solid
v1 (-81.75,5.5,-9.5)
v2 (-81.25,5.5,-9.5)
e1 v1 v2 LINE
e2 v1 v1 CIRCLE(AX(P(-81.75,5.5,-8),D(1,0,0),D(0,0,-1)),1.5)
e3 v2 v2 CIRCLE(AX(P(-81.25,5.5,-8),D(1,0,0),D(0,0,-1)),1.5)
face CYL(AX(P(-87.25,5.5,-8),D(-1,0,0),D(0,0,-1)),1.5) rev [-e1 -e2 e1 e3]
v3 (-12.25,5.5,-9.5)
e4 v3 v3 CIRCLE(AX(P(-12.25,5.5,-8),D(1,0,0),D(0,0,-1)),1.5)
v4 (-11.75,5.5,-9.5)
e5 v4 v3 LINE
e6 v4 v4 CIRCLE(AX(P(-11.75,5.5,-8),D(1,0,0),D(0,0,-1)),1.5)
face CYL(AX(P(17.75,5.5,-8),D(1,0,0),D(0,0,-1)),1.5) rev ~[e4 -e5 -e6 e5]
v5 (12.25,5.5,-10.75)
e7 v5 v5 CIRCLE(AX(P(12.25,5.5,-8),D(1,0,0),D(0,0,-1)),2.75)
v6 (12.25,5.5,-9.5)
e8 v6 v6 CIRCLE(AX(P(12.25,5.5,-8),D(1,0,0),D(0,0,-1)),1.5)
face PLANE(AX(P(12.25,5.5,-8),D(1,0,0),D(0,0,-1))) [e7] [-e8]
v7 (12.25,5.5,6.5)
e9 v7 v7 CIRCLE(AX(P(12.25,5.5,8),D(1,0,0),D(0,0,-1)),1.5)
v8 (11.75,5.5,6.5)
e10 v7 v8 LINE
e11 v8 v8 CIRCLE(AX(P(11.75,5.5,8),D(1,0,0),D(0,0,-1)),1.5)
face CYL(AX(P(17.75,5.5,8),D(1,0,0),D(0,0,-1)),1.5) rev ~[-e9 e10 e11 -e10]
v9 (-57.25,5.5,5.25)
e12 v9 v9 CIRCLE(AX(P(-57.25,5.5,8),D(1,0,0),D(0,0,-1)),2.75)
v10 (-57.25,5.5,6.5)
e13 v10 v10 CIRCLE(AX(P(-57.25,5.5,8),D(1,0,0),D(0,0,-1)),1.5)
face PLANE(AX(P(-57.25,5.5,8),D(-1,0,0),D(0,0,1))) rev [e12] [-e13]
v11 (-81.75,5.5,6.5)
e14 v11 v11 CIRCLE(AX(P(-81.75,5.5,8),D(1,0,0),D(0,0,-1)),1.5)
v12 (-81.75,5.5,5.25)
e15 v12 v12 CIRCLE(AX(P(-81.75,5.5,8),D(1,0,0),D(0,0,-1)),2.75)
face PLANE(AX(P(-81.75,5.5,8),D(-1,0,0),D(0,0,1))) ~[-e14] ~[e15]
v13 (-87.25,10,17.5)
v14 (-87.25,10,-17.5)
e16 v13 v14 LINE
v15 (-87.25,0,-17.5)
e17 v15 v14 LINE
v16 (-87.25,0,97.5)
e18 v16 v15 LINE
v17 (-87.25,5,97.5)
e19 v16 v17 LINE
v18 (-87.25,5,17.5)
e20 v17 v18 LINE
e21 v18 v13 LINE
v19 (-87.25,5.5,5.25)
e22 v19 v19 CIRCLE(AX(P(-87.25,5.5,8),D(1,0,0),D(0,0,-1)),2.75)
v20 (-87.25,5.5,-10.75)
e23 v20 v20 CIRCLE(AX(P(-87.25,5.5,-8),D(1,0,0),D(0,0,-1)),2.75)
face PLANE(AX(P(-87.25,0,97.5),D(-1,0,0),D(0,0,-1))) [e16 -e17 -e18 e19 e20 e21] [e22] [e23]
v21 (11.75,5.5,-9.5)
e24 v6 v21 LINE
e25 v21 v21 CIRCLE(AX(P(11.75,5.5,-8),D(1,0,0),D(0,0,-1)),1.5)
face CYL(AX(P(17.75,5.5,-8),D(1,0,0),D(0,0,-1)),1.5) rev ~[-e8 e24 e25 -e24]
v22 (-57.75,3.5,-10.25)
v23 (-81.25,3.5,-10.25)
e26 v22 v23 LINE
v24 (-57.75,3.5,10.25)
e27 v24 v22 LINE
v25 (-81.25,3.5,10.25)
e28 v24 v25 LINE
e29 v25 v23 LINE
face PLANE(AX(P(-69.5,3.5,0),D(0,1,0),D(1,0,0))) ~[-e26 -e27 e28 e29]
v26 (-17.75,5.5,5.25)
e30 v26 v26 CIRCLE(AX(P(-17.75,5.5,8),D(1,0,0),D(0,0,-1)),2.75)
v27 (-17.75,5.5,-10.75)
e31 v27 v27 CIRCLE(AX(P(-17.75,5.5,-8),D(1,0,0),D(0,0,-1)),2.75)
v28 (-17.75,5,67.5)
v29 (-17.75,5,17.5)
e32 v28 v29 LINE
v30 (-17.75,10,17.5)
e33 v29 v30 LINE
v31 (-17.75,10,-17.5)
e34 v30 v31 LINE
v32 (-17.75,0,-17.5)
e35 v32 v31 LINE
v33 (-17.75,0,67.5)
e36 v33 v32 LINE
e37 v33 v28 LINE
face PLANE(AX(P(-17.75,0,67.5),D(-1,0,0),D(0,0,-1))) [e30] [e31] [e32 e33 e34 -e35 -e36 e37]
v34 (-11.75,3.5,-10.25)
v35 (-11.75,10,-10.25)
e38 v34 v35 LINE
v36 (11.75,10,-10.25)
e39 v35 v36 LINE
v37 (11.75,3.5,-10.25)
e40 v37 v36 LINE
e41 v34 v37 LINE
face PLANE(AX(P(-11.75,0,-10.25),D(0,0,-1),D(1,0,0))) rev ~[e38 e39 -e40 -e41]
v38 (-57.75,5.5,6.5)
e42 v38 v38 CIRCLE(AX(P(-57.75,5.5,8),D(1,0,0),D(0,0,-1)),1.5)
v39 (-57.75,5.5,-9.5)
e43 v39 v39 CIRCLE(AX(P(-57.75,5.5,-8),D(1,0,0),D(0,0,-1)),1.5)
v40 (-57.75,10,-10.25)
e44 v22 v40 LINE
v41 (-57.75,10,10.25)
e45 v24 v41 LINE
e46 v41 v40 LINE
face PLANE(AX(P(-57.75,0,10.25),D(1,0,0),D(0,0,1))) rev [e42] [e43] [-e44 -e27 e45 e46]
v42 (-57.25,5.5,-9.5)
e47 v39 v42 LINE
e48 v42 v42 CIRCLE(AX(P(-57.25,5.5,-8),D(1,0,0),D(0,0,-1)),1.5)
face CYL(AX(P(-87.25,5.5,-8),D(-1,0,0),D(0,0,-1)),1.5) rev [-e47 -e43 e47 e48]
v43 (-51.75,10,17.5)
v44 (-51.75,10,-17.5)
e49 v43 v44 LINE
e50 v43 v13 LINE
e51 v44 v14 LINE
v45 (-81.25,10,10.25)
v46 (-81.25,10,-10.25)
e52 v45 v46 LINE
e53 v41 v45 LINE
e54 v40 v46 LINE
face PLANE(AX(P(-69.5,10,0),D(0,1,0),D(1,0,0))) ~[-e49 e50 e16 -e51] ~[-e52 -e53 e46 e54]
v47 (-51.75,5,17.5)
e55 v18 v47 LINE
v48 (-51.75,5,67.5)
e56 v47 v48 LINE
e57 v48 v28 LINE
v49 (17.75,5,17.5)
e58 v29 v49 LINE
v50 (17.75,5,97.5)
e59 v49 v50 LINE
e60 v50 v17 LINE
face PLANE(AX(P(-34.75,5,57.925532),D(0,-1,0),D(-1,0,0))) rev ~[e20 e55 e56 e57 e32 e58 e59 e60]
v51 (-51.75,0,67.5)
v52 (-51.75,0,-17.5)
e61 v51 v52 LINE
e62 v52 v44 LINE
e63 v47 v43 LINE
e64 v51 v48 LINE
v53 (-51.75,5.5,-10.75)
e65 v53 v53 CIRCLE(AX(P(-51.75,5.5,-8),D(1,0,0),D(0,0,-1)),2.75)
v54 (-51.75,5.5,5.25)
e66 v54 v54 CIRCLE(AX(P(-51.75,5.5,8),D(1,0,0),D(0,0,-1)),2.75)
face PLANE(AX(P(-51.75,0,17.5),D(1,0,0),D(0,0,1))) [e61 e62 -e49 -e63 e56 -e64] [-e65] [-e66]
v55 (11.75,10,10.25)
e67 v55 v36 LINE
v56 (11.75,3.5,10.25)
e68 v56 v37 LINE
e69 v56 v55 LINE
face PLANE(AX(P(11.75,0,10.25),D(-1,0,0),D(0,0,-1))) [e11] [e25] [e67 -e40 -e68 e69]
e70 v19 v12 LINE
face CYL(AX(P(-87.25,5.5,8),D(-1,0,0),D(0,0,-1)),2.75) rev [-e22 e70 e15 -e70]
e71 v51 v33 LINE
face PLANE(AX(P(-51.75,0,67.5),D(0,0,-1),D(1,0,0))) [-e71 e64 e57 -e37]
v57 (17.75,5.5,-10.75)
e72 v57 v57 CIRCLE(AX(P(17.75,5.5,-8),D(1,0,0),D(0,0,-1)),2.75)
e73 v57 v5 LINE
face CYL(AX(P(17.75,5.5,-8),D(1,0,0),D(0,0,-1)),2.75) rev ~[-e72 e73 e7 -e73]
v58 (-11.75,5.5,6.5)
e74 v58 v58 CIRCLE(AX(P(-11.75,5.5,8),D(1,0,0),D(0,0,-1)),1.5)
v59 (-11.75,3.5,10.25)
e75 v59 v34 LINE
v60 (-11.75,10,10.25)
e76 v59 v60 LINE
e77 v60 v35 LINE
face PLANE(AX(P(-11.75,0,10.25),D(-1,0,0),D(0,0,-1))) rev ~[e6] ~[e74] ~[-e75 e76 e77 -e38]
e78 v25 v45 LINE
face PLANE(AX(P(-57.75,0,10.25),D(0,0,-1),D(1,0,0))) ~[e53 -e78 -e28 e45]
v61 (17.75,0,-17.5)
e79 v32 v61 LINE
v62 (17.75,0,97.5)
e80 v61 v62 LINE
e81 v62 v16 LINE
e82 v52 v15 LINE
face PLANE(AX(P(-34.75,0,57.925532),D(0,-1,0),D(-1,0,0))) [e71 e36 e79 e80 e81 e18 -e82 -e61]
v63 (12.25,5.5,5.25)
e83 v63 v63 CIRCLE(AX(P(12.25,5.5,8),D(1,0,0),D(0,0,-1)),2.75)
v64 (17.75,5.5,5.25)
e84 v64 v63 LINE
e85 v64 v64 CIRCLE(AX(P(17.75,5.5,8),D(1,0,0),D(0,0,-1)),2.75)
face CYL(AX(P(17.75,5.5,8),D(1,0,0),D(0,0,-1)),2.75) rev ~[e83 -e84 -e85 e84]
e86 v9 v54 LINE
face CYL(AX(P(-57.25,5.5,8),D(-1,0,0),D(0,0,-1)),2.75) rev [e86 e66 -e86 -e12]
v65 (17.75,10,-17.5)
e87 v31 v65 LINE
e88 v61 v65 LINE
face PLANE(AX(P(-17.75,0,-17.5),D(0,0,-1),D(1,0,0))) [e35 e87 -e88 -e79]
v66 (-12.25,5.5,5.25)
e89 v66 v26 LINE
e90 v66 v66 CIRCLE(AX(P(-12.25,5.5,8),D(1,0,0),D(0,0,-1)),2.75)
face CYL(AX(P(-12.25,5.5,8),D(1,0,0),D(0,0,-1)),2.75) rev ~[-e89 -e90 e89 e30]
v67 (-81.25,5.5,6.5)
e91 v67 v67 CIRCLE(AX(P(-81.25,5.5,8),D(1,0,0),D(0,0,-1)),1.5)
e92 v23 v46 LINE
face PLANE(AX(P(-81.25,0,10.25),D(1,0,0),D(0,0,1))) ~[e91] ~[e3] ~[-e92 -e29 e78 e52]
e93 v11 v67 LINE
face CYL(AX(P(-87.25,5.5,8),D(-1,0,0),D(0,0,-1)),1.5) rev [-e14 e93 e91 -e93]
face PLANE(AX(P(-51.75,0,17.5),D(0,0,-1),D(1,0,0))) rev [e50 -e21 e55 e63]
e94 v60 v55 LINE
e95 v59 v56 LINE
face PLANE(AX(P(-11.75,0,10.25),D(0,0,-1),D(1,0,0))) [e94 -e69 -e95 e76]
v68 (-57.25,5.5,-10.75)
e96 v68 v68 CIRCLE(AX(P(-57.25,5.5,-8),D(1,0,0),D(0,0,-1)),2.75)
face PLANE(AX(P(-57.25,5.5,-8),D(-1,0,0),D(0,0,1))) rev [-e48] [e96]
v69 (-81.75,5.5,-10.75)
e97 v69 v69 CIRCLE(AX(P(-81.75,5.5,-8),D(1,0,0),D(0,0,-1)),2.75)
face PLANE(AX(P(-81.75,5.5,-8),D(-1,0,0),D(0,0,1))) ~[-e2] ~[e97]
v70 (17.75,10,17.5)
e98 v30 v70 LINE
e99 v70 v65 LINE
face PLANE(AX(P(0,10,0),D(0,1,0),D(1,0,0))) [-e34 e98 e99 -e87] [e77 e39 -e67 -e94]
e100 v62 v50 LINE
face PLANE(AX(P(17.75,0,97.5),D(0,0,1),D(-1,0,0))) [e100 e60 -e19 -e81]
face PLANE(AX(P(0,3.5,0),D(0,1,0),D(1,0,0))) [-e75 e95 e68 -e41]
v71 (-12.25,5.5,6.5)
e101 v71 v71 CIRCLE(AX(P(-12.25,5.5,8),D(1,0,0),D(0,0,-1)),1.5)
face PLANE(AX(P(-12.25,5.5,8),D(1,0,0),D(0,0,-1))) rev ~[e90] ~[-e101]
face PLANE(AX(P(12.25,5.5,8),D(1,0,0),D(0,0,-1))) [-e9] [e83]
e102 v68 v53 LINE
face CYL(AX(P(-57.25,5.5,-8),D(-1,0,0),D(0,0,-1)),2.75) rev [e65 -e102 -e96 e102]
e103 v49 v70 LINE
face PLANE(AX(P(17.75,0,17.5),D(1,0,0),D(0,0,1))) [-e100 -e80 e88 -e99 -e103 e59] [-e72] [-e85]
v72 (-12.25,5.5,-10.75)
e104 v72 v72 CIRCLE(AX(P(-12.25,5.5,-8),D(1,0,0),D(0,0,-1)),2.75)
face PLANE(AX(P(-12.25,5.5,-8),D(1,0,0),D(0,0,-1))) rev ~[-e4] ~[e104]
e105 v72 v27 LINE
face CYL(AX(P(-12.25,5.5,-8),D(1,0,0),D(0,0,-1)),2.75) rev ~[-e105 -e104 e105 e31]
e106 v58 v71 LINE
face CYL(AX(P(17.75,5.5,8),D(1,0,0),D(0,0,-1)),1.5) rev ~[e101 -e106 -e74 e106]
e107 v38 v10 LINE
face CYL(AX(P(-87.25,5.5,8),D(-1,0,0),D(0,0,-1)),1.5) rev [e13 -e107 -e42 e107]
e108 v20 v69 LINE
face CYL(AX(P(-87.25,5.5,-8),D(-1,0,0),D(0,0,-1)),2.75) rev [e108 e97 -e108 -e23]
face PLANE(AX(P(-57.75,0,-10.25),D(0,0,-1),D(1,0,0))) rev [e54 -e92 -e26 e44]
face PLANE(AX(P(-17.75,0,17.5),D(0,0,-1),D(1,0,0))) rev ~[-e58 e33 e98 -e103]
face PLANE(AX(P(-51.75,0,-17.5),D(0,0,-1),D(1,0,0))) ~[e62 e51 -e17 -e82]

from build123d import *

# Parameters (mm, degrees)
SKETCH1_W           = 35.5
SKETCH1_H           = 35
SKETCH1_W_2         = 23.5
SKETCH1_H_2         = 20.5
BOSS_EXTRUDE1_DEPTH = 10
SKETCH1_2_W         = 23.5
SKETCH1_2_H         = 20.5
BOSS_EXTRUDE2_DEPTH = 3.5
SKETCH2_R           = 2.75
SKETCH2_R_2         = 1.5
CUT_EXTRUDE1_DEPTH  = 5.5
SKETCH2_2_R         = 1.5
CUT_EXTRUDE2_DEPTH  = 41.822787754
CUT_EXTRUDE3_START  = -30
SKETCH2_3_R         = 2.75
SKETCH2_3_R_2       = 1.5
CUT_EXTRUDE3_DEPTH  = 5.5
BOSS_EXTRUDE3_DEPTH = 5


with BuildPart() as part:
    # Sketch1 → Boss-Extrude1 (new body)
    with BuildSketch(Plane(origin=(0, 0, 0), x_dir=(1, 0, 0), z_dir=(0, 1, 0))):
        Rectangle(SKETCH1_W, SKETCH1_H)
        Rectangle(SKETCH1_W_2, SKETCH1_H_2, mode=Mode.SUBTRACT)
    extrude(amount=BOSS_EXTRUDE1_DEPTH)

    # Sketch1<2> → Boss-Extrude2 (add)
    with BuildSketch(Plane(origin=(0, 0, 0), x_dir=(1, 0, 0), z_dir=(0, 1, 0))):
        Rectangle(SKETCH1_2_W, SKETCH1_2_H)
    extrude(amount=BOSS_EXTRUDE2_DEPTH)

    # Sketch2 → Cut-Extrude1 (cut)
    # profile 1 of 2: a face of its own
    with BuildSketch(Plane(origin=(17.75, 0, 0), x_dir=(0, 0, -1), z_dir=(1, 0, 0))):
        with Locations((-8, 5.5)):
            Circle(SKETCH2_R)
        with Locations((-8, 5.5)):
            Circle(SKETCH2_R_2, mode=Mode.SUBTRACT)
    # profile 2 of 2: a face of its own
    with BuildSketch(Plane(origin=(17.75, 0, 0), x_dir=(0, 0, -1), z_dir=(1, 0, 0))):
        with Locations((8, 5.5)):
            Circle(SKETCH2_R)
        with Locations((8, 5.5)):
            Circle(SKETCH2_R_2, mode=Mode.SUBTRACT)
    extrude(amount=-CUT_EXTRUDE1_DEPTH, mode=Mode.SUBTRACT)

    # Sketch2<2> → Cut-Extrude2 (cut, through all)
    with BuildSketch(Plane(origin=(17.75, 0, 0), x_dir=(0, 0, -1), z_dir=(1, 0, 0))):
        with Locations((-8, 5.5)):
            Circle(SKETCH2_2_R)
        with Locations((8, 5.5)):
            Circle(SKETCH2_2_R)
    extrude(amount=-CUT_EXTRUDE2_DEPTH, mode=Mode.SUBTRACT)

    # Sketch2<3> → Cut-Extrude3 (cut)
    # profile 1 of 2: a face of its own
    with BuildSketch(Plane(origin=(17.75, 0, 0), x_dir=(0, 0, -1), z_dir=(1, 0, 0)).offset(CUT_EXTRUDE3_START)):
        with Locations((-8, 5.5)):
            Circle(SKETCH2_3_R)
        with Locations((-8, 5.5)):
            Circle(SKETCH2_3_R_2, mode=Mode.SUBTRACT)
    # profile 2 of 2: a face of its own
    with BuildSketch(Plane(origin=(17.75, 0, 0), x_dir=(0, 0, -1), z_dir=(1, 0, 0)).offset(CUT_EXTRUDE3_START)):
        with Locations((8, 5.5)):
            Circle(SKETCH2_3_R)
        with Locations((8, 5.5)):
            Circle(SKETCH2_3_R_2, mode=Mode.SUBTRACT)
    extrude(amount=-CUT_EXTRUDE3_DEPTH, mode=Mode.SUBTRACT)


with BuildPart() as body_2:
    # Mirror1: mirrored copy
    add(part.part.mirror(Plane.ZY.offset(34.75)))


with BuildPart() as part_1:
    add(part.part)

    add(body_2.part)  # Boss-Extrude3 merges body 2
    # Sketch4 → Boss-Extrude3 (add)
    with BuildSketch(Plane(origin=(0, 0, 0), x_dir=(1, 0, 0), z_dir=(0, 1, 0))):
        Polygon((-51.75, -17.5), (-51.75, -67.5), (-17.75, -67.5), (-17.75, -17.5), (17.75, -17.5), (17.75, -97.5), (-87.25, -97.5), (-87.25, -17.5), align=None)
    extrude(amount=BOSS_EXTRUDE3_DEPTH)


solid = part_1.part
